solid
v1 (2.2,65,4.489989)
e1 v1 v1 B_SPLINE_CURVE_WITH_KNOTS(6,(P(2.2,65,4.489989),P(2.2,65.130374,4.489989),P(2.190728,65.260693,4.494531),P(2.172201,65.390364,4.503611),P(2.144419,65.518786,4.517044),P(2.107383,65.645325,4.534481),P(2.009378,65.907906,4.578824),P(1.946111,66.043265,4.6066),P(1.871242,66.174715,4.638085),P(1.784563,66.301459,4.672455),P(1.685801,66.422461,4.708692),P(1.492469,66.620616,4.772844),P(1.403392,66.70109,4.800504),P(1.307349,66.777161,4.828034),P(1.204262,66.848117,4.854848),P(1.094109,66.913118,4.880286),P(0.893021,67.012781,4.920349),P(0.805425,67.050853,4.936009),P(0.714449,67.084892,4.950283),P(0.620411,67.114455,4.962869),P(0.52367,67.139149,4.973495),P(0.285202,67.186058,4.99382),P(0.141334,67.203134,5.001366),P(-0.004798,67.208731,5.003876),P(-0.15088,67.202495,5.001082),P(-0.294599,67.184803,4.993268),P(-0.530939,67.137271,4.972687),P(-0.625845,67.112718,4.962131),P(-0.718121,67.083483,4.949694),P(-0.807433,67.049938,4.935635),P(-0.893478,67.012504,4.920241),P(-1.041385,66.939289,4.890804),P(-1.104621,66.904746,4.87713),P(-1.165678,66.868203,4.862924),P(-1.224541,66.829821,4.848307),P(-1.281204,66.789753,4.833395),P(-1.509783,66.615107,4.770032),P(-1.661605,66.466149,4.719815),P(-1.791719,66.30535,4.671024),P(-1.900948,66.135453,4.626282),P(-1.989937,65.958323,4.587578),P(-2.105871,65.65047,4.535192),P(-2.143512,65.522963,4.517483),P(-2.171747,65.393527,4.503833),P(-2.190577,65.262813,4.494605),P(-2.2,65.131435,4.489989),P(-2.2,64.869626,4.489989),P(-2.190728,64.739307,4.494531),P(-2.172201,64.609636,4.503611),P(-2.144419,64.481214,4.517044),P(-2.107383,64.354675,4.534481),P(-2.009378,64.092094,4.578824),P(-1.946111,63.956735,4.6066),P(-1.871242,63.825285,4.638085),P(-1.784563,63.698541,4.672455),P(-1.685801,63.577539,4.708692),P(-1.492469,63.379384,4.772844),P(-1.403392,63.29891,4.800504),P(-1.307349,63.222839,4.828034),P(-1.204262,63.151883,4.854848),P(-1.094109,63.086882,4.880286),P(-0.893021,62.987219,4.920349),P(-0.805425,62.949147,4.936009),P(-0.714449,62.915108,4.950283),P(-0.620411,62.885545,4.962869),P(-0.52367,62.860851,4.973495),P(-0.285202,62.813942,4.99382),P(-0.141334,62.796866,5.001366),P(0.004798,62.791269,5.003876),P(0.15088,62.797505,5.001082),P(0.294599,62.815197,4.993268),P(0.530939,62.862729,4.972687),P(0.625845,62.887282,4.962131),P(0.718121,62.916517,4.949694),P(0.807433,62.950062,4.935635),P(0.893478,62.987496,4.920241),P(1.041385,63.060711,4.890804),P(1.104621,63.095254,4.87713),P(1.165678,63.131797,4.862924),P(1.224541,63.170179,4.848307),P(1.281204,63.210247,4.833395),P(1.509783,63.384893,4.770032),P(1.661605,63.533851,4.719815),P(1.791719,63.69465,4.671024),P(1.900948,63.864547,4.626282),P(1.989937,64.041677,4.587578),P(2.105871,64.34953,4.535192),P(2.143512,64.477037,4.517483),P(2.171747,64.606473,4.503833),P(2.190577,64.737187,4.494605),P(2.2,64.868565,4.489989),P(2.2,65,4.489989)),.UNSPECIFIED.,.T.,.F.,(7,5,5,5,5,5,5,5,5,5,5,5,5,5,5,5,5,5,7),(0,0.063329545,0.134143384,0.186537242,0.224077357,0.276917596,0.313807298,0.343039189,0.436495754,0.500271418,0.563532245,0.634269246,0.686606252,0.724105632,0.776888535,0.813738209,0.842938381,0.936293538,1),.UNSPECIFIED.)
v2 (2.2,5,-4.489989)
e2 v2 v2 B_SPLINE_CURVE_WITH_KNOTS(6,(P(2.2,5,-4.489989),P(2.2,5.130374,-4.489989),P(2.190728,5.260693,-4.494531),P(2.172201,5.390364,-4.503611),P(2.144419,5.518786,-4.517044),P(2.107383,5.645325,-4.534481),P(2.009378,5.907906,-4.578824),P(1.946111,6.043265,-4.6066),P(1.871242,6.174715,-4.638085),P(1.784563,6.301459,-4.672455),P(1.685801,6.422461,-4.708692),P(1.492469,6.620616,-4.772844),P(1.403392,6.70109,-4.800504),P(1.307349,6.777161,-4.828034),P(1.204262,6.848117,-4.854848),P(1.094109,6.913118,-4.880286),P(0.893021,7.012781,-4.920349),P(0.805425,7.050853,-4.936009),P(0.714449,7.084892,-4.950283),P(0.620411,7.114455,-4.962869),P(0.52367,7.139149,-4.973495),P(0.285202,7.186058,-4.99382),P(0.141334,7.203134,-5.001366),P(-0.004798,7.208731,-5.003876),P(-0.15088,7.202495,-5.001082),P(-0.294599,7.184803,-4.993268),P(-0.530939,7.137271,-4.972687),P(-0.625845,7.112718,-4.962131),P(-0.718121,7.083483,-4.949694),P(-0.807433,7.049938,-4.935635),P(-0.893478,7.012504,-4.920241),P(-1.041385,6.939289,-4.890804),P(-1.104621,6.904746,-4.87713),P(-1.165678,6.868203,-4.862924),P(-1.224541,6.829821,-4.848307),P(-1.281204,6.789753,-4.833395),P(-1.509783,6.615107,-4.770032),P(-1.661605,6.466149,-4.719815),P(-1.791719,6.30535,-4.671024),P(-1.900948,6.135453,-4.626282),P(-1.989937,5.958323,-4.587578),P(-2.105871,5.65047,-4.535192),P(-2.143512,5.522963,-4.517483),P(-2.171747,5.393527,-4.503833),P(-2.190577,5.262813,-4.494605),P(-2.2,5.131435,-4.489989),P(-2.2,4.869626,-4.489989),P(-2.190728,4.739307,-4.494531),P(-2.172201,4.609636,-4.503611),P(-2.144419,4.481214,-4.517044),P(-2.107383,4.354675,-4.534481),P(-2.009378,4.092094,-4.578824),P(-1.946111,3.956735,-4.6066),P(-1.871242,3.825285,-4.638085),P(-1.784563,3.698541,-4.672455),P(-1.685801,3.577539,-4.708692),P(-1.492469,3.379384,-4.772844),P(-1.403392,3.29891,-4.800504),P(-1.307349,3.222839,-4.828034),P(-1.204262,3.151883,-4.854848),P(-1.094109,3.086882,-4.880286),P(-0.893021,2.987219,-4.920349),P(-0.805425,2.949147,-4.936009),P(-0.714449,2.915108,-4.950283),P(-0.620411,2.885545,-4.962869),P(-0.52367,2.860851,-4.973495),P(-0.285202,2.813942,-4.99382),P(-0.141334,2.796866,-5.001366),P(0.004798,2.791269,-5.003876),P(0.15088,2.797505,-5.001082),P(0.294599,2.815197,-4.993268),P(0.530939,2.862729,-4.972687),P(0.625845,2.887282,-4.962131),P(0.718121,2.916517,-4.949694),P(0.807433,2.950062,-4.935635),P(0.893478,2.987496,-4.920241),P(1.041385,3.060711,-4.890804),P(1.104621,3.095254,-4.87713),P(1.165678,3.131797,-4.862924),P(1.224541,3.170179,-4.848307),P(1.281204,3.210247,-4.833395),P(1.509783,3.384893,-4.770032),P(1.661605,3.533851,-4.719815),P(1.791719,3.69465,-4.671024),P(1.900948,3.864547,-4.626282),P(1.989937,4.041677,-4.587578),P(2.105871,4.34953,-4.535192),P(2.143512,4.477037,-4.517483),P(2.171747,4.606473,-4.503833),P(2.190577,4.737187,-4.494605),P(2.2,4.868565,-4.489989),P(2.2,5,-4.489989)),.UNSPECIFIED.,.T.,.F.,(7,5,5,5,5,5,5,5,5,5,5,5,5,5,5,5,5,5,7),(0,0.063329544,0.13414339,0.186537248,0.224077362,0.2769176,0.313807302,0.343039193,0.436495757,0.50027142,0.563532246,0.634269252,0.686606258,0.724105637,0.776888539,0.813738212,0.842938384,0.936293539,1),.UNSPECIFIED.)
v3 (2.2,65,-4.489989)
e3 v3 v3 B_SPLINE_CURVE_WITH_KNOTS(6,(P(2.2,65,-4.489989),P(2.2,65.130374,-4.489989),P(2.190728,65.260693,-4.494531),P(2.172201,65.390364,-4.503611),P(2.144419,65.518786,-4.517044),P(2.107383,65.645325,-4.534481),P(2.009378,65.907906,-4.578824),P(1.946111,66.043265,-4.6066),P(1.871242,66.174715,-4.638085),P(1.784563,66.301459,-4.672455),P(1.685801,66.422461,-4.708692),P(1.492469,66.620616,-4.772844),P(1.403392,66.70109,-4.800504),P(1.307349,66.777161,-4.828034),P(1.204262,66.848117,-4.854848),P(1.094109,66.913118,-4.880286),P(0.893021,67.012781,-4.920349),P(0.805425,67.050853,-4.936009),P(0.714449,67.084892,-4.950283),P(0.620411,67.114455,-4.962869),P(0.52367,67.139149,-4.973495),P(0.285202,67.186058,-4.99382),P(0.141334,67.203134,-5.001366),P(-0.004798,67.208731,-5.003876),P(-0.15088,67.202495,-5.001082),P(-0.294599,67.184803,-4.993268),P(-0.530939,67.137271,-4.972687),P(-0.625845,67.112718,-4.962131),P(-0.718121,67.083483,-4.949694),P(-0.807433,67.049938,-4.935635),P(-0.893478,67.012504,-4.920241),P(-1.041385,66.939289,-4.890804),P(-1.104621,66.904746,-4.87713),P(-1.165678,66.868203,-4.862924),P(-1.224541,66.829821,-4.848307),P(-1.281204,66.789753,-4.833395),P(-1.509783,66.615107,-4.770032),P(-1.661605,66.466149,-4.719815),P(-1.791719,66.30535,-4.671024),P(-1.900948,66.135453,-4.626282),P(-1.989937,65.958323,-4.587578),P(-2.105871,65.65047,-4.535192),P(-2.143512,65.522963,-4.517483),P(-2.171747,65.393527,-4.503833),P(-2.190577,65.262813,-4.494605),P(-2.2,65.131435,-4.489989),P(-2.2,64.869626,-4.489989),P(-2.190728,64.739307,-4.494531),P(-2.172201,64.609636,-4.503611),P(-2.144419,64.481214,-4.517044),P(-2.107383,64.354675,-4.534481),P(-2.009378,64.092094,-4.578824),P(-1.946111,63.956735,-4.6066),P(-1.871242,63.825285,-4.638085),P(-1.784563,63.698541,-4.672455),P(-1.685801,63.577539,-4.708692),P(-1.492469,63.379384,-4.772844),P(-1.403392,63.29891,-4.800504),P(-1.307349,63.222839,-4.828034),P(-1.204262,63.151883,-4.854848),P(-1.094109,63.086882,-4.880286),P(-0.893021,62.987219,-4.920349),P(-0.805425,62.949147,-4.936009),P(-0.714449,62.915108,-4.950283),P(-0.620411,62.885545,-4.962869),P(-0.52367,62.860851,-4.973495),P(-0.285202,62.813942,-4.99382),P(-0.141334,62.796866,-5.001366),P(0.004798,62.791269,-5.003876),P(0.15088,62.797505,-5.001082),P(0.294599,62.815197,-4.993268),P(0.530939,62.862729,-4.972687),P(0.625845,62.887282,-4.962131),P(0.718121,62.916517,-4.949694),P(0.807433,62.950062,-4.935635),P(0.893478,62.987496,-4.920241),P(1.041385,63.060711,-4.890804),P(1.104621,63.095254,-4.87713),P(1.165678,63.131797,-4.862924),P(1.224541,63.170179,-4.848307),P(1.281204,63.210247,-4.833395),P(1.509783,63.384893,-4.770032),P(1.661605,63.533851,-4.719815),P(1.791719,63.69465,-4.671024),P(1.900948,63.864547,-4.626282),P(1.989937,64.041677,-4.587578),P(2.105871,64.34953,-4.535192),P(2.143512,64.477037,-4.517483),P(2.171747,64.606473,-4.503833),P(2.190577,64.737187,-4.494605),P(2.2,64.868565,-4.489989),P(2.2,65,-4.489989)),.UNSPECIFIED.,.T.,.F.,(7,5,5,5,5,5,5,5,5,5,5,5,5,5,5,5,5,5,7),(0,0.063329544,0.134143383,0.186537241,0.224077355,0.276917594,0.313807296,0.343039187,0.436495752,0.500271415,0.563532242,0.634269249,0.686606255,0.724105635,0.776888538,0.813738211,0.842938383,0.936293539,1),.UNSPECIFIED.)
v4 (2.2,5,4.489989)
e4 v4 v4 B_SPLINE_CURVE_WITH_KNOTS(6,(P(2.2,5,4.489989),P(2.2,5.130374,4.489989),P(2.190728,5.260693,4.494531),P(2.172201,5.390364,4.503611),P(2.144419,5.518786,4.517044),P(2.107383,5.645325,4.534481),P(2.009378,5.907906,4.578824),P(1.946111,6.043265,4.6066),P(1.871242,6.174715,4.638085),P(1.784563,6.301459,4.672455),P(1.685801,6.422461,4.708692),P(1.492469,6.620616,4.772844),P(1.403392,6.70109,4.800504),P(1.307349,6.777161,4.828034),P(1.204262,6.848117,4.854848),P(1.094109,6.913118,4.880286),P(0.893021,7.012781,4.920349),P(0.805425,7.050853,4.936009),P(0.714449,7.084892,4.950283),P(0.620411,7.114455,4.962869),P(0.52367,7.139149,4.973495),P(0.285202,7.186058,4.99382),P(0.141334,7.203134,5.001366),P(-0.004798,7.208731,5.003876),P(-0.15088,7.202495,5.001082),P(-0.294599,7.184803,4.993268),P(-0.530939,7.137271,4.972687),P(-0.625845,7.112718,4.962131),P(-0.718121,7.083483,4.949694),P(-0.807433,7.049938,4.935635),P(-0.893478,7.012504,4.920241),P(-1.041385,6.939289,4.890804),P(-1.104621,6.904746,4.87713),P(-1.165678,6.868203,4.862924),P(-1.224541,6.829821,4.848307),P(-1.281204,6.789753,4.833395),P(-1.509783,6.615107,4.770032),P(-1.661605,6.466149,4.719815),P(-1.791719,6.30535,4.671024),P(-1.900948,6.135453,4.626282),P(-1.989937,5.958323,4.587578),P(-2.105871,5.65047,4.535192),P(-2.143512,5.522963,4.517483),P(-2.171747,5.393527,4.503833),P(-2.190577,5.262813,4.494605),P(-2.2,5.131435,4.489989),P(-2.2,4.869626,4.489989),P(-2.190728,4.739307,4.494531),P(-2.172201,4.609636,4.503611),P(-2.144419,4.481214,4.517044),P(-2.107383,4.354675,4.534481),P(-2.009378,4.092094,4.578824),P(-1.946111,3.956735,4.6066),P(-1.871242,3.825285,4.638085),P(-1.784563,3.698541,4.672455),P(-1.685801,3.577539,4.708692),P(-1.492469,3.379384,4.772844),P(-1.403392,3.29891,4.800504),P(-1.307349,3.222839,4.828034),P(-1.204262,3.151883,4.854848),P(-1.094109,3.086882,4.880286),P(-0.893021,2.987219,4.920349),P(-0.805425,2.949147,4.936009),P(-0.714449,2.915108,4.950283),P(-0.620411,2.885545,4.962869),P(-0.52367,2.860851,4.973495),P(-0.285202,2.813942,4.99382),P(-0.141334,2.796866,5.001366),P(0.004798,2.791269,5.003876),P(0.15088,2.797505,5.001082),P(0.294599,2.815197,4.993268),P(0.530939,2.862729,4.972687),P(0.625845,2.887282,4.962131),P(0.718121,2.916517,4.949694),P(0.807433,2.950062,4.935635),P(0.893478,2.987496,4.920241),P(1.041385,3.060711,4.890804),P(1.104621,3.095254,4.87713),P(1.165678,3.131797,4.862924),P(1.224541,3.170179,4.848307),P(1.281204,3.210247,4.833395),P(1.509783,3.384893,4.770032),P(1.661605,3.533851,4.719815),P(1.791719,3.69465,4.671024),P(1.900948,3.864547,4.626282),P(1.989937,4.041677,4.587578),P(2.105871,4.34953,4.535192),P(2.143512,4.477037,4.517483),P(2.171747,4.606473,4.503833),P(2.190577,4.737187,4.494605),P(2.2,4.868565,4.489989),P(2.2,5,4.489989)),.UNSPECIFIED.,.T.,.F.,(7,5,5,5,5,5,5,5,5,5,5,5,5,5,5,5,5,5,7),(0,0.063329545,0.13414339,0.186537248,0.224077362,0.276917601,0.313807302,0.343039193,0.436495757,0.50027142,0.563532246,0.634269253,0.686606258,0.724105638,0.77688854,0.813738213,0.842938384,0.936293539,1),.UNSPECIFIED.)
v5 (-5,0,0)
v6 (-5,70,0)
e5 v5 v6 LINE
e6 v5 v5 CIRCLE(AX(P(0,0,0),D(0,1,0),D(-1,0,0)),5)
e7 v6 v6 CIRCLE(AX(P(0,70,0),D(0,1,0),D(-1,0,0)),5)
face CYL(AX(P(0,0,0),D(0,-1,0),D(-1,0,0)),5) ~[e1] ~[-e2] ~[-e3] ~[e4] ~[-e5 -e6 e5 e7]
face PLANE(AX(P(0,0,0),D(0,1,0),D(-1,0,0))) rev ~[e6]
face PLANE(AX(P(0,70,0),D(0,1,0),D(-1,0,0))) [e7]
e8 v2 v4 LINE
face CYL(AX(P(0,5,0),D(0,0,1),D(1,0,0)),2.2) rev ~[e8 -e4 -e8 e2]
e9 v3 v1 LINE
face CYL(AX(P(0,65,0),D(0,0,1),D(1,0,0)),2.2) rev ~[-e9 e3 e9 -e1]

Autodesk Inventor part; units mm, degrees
ref_plane "YZ Plane" through (0, 0, 0) normal (1, 0, 0) x (0, 1, 0)
ref_plane "XZ Plane" through (0, 0, 0) normal (0, 1, 0) x (-1, 0, 0)
ref_plane "XY Plane" through (0, 0, 0) normal (0, 0, 1) x (1, 0, 0)
sketch "Szkic1" plane through (0, 0, 0) normal (0, 1, 0) x (-1, 0, 0)
  circle A0 centre (0, 0) radius 5
  dimension "d0" = 10
extrude "Wyciągnięcie proste1" add sketch "Szkic1" along normal blind 70
sketch "Szkic2" plane through (0, 0, 0) normal (0, 0, 1) x (1, 0, 0)
  line L0 (0, 0) -> (0, 5)
  circle A0 centre (0, 5) radius 2.2
  line L1 (5, 70) -> (-5, 70) projected
  line L2 (0, 70) -> (0, 65)
  circle A1 centre (0, 65) radius 2.2
  dimension "d3" = 5
  dimension "d4" = 4.4
  dimension "d7" = 5
  dimension "d8" = 4.4
extrude "Wyciągnięcie proste2" cut sketch "Szkic2" along normal mid plane 22.5
properties part number "short_tibia"
